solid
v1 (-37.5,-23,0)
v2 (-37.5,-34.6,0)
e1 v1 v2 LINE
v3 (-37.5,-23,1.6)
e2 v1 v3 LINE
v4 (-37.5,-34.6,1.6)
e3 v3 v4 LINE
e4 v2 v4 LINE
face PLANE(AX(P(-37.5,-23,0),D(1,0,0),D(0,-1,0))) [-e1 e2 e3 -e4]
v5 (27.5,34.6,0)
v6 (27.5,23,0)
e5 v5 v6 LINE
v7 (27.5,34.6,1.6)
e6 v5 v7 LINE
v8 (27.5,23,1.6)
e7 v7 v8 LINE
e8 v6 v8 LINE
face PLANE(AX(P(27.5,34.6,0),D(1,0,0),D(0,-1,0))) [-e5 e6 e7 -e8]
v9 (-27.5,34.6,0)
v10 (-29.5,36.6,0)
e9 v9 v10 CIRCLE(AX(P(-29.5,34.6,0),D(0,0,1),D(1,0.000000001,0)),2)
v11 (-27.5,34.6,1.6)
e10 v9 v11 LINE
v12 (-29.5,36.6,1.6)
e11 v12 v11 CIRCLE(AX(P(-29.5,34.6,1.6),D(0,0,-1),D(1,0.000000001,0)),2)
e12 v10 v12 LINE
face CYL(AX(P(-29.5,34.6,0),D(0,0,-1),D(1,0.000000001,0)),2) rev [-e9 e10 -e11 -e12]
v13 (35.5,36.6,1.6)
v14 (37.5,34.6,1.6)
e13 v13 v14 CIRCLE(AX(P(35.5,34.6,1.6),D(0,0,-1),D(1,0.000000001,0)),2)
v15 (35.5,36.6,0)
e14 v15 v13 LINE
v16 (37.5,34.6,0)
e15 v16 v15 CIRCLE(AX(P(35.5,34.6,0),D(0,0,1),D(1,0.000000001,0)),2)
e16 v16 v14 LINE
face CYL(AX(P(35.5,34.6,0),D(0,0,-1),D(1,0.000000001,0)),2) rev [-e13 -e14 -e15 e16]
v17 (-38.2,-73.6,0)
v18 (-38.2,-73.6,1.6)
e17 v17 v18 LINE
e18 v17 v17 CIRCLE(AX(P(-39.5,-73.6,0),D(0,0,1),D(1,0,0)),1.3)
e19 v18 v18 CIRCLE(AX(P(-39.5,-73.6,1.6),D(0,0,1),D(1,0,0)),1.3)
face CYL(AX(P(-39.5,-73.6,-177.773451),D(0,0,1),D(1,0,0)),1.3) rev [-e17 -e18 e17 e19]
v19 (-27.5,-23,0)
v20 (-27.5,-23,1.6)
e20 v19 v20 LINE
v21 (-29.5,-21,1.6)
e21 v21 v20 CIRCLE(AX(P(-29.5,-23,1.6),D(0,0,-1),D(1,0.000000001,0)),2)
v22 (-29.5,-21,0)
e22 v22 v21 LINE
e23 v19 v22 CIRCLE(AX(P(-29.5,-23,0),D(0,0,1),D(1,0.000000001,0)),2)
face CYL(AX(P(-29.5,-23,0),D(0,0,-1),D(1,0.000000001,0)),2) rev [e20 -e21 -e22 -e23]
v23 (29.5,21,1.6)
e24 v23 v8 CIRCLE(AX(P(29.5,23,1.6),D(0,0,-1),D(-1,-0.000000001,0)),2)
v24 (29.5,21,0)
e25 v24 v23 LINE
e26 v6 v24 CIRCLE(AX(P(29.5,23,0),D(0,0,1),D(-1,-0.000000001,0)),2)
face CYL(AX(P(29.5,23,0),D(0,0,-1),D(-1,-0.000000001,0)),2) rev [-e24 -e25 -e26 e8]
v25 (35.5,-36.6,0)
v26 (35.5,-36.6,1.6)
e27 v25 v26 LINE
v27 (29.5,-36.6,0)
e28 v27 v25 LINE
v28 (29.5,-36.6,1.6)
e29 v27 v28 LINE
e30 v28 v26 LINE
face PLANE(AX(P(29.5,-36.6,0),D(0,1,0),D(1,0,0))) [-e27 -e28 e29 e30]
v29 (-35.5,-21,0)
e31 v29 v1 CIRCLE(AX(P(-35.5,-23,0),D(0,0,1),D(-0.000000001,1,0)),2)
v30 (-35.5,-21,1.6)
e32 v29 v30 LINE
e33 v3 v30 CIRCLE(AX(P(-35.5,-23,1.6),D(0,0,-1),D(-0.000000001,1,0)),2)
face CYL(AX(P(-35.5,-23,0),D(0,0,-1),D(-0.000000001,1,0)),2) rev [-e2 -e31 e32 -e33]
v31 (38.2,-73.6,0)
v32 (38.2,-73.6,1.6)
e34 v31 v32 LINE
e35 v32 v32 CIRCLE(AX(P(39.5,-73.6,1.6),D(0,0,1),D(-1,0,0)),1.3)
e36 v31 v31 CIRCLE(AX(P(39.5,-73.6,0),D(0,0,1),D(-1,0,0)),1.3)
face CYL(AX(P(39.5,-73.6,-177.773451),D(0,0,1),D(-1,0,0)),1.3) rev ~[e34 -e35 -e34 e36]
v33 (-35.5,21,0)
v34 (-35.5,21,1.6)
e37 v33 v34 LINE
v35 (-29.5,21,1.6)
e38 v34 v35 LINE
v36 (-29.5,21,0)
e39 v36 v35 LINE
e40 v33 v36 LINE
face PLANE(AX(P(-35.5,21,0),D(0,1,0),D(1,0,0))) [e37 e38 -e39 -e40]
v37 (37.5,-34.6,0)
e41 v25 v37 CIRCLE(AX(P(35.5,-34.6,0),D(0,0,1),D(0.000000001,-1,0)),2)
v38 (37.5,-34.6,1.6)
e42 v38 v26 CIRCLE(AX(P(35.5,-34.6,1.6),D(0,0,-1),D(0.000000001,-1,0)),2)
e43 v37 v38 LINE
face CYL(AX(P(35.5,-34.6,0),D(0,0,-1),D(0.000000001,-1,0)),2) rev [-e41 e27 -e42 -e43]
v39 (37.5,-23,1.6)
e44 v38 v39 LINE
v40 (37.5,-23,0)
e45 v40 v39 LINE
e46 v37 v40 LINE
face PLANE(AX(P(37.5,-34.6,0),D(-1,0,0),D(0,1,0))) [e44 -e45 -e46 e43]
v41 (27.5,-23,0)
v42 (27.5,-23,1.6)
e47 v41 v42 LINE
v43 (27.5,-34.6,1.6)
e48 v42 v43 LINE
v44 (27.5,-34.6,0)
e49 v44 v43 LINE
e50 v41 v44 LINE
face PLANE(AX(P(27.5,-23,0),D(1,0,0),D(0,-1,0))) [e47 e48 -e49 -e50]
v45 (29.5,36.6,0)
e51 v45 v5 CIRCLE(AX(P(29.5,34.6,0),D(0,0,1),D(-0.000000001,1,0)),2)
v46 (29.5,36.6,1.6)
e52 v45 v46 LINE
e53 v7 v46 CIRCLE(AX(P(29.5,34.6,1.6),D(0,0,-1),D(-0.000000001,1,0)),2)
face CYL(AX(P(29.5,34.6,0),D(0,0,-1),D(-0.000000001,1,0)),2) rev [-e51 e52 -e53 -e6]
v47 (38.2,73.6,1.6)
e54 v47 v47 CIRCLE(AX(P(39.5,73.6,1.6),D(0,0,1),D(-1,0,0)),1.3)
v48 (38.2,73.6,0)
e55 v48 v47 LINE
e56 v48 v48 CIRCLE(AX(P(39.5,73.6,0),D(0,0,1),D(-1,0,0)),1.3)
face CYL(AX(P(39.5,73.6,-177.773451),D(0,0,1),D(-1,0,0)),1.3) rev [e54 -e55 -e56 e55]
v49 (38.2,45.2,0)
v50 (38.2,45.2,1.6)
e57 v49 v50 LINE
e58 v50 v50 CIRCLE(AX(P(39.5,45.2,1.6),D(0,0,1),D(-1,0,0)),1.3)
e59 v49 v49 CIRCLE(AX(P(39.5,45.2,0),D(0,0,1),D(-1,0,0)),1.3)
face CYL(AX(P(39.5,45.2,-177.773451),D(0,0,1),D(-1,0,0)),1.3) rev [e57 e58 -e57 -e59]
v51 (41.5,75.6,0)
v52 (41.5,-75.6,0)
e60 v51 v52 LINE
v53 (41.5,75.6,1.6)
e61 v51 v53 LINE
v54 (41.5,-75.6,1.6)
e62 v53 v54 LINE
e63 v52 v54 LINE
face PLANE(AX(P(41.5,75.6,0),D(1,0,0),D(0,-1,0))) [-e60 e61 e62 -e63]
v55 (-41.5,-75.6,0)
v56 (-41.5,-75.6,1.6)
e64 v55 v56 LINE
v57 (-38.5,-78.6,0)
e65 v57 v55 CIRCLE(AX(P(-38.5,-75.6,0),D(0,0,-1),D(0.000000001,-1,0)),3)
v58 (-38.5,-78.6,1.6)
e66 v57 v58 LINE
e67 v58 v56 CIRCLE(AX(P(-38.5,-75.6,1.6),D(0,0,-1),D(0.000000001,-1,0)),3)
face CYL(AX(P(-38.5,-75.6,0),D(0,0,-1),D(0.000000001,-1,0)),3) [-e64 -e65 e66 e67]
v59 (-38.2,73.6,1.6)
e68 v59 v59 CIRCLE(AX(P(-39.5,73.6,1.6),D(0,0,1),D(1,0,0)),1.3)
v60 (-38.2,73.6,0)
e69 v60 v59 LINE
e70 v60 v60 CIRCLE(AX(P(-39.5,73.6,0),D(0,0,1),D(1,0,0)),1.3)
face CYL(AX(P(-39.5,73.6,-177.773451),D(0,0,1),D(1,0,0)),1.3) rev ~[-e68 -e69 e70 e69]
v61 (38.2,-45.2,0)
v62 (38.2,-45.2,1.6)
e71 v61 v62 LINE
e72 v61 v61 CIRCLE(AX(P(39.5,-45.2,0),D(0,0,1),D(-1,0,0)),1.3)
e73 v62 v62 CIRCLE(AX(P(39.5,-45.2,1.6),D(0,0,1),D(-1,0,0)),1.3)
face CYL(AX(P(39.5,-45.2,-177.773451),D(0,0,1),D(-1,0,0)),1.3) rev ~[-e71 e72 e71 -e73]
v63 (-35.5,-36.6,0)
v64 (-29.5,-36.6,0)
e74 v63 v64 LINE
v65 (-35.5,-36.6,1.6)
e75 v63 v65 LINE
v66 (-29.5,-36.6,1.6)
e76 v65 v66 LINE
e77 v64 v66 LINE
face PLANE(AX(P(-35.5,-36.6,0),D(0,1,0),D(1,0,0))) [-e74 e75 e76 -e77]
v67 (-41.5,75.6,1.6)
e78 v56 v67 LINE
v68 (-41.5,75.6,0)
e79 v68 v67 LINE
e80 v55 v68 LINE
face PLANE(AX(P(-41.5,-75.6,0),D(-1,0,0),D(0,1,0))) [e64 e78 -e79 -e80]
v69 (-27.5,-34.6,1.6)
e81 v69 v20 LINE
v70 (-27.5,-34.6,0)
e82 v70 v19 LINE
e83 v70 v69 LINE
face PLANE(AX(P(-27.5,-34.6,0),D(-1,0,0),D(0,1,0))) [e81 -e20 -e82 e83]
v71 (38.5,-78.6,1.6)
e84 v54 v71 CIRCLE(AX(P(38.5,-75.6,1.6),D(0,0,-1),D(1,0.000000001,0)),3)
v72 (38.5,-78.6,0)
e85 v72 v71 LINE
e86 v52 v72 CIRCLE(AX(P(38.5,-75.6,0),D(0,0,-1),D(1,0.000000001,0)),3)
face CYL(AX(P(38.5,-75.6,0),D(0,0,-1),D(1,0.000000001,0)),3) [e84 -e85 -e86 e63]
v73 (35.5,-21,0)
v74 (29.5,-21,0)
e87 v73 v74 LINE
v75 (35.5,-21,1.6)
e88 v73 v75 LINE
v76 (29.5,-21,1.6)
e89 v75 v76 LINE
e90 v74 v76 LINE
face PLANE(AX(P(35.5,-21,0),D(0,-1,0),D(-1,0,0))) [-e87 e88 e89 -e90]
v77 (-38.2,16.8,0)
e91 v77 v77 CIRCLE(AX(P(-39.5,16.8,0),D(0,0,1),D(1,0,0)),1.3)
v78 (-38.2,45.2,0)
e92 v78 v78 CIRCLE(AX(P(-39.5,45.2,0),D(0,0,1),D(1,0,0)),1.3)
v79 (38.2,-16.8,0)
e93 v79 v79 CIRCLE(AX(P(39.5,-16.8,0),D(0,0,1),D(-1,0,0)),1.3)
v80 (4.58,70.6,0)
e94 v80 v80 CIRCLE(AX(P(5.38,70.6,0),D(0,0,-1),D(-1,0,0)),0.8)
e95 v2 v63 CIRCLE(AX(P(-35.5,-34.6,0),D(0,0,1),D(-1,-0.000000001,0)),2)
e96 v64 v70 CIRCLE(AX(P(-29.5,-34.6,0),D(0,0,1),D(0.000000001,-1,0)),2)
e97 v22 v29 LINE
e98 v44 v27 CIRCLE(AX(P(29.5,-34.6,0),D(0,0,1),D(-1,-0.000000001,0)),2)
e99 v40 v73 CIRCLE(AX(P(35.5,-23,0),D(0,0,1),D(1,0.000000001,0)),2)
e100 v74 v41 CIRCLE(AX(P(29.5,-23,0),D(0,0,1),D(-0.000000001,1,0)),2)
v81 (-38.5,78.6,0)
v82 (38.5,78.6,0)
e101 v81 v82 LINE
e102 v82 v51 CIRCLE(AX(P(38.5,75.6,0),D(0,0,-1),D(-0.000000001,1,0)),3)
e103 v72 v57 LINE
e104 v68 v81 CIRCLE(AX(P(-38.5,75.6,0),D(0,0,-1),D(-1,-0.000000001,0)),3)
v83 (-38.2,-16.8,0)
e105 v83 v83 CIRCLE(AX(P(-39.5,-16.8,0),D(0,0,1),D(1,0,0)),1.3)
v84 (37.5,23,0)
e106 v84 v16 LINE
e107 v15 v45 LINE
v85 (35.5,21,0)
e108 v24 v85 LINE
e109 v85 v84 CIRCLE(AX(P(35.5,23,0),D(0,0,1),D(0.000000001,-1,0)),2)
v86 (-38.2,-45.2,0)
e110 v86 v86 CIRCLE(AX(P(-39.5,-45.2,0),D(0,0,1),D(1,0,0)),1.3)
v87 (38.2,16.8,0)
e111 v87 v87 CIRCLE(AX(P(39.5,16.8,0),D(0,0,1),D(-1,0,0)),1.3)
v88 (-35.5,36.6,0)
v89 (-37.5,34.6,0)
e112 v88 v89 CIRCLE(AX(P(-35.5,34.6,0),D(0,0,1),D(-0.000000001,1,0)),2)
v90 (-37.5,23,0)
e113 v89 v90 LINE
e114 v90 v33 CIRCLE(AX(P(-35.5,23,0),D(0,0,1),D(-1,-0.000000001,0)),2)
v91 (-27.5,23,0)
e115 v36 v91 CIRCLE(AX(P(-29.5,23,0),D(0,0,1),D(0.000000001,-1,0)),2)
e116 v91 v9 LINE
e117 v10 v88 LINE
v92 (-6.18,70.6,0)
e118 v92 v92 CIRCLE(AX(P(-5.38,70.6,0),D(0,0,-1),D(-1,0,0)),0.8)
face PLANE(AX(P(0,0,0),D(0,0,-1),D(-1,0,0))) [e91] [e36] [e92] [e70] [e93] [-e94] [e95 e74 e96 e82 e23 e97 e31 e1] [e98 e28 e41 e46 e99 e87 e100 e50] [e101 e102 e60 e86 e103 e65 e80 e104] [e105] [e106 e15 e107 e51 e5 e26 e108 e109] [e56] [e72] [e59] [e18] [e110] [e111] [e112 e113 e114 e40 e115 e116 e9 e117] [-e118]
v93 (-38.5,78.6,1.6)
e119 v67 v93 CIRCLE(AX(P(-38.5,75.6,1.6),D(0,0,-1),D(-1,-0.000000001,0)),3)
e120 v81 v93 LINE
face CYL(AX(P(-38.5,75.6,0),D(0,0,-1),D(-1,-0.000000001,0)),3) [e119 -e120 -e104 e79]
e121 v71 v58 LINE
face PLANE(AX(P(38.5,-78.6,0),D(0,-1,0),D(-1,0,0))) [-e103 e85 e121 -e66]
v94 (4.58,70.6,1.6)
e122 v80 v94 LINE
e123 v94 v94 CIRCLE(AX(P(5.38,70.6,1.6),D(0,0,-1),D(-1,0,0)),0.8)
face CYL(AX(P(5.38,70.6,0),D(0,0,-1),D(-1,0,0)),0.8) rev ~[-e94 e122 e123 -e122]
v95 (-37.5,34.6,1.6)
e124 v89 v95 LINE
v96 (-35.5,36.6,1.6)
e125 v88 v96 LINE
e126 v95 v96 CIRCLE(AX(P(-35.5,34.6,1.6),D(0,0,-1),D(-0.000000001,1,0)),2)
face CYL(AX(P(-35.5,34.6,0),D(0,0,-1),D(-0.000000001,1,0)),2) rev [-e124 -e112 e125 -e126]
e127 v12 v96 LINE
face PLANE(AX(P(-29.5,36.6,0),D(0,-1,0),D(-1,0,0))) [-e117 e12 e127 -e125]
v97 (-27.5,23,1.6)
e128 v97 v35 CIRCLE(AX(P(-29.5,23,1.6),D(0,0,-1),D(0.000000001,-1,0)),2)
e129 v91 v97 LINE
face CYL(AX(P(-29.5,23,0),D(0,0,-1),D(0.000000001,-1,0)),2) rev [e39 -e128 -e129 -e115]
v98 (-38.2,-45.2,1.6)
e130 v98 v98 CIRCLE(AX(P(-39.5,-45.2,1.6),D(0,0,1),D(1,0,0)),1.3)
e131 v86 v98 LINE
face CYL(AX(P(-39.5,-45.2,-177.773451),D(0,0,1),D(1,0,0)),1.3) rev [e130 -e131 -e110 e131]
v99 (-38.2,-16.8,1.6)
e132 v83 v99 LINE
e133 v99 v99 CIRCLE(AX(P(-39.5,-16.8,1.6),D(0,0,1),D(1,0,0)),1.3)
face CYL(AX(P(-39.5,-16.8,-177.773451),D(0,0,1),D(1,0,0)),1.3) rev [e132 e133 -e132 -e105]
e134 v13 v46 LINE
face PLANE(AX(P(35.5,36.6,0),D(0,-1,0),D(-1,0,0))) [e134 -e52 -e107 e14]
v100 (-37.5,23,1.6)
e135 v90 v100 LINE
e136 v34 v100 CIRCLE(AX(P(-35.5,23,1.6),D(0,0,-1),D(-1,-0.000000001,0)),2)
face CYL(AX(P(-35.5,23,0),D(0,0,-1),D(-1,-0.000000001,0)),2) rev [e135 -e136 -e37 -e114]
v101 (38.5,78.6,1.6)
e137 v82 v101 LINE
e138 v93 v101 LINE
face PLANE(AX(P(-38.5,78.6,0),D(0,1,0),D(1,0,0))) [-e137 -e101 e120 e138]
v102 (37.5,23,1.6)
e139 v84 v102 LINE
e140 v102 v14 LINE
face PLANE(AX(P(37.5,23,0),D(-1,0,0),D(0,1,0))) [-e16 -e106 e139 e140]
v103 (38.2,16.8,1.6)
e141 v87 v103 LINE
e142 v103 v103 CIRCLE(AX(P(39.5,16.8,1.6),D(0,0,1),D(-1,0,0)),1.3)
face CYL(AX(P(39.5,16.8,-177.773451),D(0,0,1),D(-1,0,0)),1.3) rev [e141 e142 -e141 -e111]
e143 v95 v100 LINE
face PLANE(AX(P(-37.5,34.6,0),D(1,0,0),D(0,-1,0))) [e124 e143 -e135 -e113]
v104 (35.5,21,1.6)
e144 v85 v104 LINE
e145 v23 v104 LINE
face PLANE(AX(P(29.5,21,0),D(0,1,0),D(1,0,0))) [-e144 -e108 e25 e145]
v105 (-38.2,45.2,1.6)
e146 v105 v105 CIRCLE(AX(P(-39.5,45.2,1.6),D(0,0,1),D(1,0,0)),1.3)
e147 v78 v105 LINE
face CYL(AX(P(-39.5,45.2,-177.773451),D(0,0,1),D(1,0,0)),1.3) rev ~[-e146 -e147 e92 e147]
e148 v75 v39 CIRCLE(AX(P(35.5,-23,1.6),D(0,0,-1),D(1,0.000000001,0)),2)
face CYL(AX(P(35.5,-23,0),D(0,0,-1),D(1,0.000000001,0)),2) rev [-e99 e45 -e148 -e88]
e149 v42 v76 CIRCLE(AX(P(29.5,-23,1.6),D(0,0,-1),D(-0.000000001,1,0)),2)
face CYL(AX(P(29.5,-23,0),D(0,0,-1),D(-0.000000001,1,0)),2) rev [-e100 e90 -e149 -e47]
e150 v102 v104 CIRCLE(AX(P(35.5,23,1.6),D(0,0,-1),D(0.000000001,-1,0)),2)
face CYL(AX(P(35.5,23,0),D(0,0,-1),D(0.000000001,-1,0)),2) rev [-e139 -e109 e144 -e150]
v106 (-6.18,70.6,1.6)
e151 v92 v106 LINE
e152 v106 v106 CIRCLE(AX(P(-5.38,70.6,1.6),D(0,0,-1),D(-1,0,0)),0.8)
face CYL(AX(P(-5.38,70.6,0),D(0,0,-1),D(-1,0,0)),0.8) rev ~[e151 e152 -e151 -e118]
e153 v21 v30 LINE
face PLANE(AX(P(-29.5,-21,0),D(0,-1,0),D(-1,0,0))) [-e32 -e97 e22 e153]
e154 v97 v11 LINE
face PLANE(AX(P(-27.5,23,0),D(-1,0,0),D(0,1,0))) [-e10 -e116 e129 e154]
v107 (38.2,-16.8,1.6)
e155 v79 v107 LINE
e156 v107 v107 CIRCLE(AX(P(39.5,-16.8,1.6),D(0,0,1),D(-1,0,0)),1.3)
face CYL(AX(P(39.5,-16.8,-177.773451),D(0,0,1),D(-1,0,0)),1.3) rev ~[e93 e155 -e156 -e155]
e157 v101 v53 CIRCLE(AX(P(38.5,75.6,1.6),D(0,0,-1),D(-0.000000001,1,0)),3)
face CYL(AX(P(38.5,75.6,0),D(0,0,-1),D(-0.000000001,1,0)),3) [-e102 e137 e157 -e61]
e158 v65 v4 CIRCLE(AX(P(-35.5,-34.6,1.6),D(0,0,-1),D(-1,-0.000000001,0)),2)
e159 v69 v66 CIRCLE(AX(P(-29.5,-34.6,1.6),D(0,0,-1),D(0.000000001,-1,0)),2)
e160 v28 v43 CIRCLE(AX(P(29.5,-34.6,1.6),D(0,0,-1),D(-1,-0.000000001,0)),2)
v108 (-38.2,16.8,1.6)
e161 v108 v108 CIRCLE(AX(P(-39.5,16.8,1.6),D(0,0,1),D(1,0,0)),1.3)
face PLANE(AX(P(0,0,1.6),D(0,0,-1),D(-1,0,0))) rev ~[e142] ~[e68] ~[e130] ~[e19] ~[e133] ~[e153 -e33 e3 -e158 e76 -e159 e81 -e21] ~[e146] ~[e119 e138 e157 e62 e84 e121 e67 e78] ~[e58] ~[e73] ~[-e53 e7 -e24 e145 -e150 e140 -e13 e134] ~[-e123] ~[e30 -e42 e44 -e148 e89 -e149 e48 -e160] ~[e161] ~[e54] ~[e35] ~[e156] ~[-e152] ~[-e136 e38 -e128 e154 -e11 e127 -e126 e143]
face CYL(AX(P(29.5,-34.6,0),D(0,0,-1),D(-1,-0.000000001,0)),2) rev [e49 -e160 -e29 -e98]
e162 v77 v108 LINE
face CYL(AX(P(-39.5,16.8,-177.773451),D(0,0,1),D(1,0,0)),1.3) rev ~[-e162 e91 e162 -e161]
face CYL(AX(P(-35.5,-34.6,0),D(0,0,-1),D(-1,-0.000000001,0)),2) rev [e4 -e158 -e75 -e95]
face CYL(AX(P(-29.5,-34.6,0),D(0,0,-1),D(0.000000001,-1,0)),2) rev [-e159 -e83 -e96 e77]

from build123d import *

# Parameters (mm, degrees)
GENERAL_SHAPE_DEPTH        = 1.6
M2_CLEARANCE_HOLE1_D       = 2.6
MIRROR2_COPY_1_D           = 2.6
SKETCH5_R                  = 0.8
CONNECTOR_HOLES_DEPTH      = 89.897525275
STAR_TRACKER_CUTOUTS_DEPTH = 89.897525275


with BuildPart() as part:
    # Sketch1 → General Shape (new body)
    with BuildSketch(Plane.XY):
        with BuildLine():
            Line((-38.5, 78.6), (38.5, 78.6))
            ThreePointArc((38.5, 78.6), (40.621320344, 77.721320344), (41.5, 75.6))
            Line((41.5, 75.6), (41.5, -75.6))
            ThreePointArc((41.5, -75.6), (40.621320344, -77.721320344), (38.5, -78.6))
            Line((38.5, -78.6), (-38.5, -78.6))
            ThreePointArc((-38.5, -78.6), (-40.621320344, -77.721320344), (-41.5, -75.6))
            Line((-41.5, -75.6), (-41.5, 75.6))
            ThreePointArc((-41.5, 75.6), (-40.621320344, 77.721320344), (-38.5, 78.6))
        make_face()
    extrude(amount=GENERAL_SHAPE_DEPTH)

    # M2 Clearance Hole1 (through all)
    with Locations(Plane(origin=(-39.5, 73.6, 0), x_dir=(-1, 0, 0), z_dir=(0, 0, -1))):
        with Locations((0, 0), (0, -28.4), (0, -56.8)):
            m2_clearance_hole1 = Hole(M2_CLEARANCE_HOLE1_D / 2)

    # Mirror1: M2 Clearance Hole1 across plane
    add(m2_clearance_hole1.mirror(Plane(origin=(0, 0, 0), x_dir=(0, 0, 1), z_dir=(1, 0, 0))), mode=Mode.SUBTRACT)

    # Mirror2: M2 Clearance Hole1 across plane
    add(m2_clearance_hole1.mirror(Plane.ZX), mode=Mode.SUBTRACT)

    # Mirror2 copy 1 (through all)
    with Locations(Plane(origin=(39.5, -73.6, 0), x_dir=(1, 0, 0), z_dir=(0, 0, -1))):
        with Locations((0, 0), (0, -28.4), (0, -56.8)):
            Hole(MIRROR2_COPY_1_D / 2)

    # Sketch5 → Connector holes (cut, through all)
    with BuildSketch(Plane(origin=(0, 0, 0), x_dir=(-1, 0, 0), z_dir=(0, 0, -1))):
        with Locations((-5.38, 70.6)):
            Circle(SKETCH5_R)
        with Locations((5.38, 70.6)):
            Circle(SKETCH5_R)
    extrude(amount=-CONNECTOR_HOLES_DEPTH, mode=Mode.SUBTRACT)

    # Sketch6 → Star Tracker Cutouts (cut, through all)
    with BuildSketch(Plane(origin=(0, 0, 0), x_dir=(-1, 0, 0), z_dir=(0, 0, -1))):
        with BuildLine():
            Line((-35.5, 36.6), (-29.5, 36.6))
            ThreePointArc((-29.5, 36.6), (-28.085786438, 36.014213562), (-27.5, 34.6))
            Line((-27.5, 34.6), (-27.5, 23))
            ThreePointArc((-27.5, 23), (-28.085786438, 21.585786438), (-29.5, 21))
            Line((-29.5, 21), (-35.5, 21))
            ThreePointArc((-35.5, 21), (-36.914213562, 21.585786438), (-37.5, 23))
            Line((-37.5, 23), (-37.5, 34.6))
            ThreePointArc((-37.5, 34.6), (-36.914213562, 36.014213562), (-35.5, 36.6))
        make_face()
        with BuildLine():
            Line((29.5, 36.6), (35.5, 36.6))
            ThreePointArc((35.5, 36.6), (36.914213562, 36.014213562), (37.5, 34.6))
            Line((37.5, 34.6), (37.5, 23))
            ThreePointArc((37.5, 23), (36.914213562, 21.585786438), (35.5, 21))
            Line((35.5, 21), (29.5, 21))
            ThreePointArc((29.5, 21), (28.085786438, 21.585786438), (27.5, 23))
            Line((27.5, 23), (27.5, 34.6))
            ThreePointArc((27.5, 34.6), (28.085786438, 36.014213562), (29.5, 36.6))
        make_face()
        with BuildLine():
            Line((-35.5, -21), (-29.5, -21))
            ThreePointArc((-29.5, -21), (-28.085786438, -21.585786438), (-27.5, -23))
            Line((-27.5, -23), (-27.5, -34.6))
            ThreePointArc((-27.5, -34.6), (-28.085786438, -36.014213562), (-29.5, -36.6))
            Line((-29.5, -36.6), (-35.5, -36.6))
            ThreePointArc((-35.5, -36.6), (-36.914213562, -36.014213562), (-37.5, -34.6))
            Line((-37.5, -34.6), (-37.5, -23))
            ThreePointArc((-37.5, -23), (-36.914213562, -21.585786438), (-35.5, -21))
        make_face()
        with BuildLine():
            Line((29.5, -21), (35.5, -21))
            ThreePointArc((35.5, -21), (36.914213562, -21.585786438), (37.5, -23))
            Line((37.5, -23), (37.5, -34.6))
            ThreePointArc((37.5, -34.6), (36.914213562, -36.014213562), (35.5, -36.6))
            Line((35.5, -36.6), (29.5, -36.6))
            ThreePointArc((29.5, -36.6), (28.085786438, -36.014213562), (27.5, -34.6))
            Line((27.5, -34.6), (27.5, -23))
            ThreePointArc((27.5, -23), (28.085786438, -21.585786438), (29.5, -21))
        make_face()
    extrude(amount=-STAR_TRACKER_CUTOUTS_DEPTH, mode=Mode.SUBTRACT)


solid = part.part
